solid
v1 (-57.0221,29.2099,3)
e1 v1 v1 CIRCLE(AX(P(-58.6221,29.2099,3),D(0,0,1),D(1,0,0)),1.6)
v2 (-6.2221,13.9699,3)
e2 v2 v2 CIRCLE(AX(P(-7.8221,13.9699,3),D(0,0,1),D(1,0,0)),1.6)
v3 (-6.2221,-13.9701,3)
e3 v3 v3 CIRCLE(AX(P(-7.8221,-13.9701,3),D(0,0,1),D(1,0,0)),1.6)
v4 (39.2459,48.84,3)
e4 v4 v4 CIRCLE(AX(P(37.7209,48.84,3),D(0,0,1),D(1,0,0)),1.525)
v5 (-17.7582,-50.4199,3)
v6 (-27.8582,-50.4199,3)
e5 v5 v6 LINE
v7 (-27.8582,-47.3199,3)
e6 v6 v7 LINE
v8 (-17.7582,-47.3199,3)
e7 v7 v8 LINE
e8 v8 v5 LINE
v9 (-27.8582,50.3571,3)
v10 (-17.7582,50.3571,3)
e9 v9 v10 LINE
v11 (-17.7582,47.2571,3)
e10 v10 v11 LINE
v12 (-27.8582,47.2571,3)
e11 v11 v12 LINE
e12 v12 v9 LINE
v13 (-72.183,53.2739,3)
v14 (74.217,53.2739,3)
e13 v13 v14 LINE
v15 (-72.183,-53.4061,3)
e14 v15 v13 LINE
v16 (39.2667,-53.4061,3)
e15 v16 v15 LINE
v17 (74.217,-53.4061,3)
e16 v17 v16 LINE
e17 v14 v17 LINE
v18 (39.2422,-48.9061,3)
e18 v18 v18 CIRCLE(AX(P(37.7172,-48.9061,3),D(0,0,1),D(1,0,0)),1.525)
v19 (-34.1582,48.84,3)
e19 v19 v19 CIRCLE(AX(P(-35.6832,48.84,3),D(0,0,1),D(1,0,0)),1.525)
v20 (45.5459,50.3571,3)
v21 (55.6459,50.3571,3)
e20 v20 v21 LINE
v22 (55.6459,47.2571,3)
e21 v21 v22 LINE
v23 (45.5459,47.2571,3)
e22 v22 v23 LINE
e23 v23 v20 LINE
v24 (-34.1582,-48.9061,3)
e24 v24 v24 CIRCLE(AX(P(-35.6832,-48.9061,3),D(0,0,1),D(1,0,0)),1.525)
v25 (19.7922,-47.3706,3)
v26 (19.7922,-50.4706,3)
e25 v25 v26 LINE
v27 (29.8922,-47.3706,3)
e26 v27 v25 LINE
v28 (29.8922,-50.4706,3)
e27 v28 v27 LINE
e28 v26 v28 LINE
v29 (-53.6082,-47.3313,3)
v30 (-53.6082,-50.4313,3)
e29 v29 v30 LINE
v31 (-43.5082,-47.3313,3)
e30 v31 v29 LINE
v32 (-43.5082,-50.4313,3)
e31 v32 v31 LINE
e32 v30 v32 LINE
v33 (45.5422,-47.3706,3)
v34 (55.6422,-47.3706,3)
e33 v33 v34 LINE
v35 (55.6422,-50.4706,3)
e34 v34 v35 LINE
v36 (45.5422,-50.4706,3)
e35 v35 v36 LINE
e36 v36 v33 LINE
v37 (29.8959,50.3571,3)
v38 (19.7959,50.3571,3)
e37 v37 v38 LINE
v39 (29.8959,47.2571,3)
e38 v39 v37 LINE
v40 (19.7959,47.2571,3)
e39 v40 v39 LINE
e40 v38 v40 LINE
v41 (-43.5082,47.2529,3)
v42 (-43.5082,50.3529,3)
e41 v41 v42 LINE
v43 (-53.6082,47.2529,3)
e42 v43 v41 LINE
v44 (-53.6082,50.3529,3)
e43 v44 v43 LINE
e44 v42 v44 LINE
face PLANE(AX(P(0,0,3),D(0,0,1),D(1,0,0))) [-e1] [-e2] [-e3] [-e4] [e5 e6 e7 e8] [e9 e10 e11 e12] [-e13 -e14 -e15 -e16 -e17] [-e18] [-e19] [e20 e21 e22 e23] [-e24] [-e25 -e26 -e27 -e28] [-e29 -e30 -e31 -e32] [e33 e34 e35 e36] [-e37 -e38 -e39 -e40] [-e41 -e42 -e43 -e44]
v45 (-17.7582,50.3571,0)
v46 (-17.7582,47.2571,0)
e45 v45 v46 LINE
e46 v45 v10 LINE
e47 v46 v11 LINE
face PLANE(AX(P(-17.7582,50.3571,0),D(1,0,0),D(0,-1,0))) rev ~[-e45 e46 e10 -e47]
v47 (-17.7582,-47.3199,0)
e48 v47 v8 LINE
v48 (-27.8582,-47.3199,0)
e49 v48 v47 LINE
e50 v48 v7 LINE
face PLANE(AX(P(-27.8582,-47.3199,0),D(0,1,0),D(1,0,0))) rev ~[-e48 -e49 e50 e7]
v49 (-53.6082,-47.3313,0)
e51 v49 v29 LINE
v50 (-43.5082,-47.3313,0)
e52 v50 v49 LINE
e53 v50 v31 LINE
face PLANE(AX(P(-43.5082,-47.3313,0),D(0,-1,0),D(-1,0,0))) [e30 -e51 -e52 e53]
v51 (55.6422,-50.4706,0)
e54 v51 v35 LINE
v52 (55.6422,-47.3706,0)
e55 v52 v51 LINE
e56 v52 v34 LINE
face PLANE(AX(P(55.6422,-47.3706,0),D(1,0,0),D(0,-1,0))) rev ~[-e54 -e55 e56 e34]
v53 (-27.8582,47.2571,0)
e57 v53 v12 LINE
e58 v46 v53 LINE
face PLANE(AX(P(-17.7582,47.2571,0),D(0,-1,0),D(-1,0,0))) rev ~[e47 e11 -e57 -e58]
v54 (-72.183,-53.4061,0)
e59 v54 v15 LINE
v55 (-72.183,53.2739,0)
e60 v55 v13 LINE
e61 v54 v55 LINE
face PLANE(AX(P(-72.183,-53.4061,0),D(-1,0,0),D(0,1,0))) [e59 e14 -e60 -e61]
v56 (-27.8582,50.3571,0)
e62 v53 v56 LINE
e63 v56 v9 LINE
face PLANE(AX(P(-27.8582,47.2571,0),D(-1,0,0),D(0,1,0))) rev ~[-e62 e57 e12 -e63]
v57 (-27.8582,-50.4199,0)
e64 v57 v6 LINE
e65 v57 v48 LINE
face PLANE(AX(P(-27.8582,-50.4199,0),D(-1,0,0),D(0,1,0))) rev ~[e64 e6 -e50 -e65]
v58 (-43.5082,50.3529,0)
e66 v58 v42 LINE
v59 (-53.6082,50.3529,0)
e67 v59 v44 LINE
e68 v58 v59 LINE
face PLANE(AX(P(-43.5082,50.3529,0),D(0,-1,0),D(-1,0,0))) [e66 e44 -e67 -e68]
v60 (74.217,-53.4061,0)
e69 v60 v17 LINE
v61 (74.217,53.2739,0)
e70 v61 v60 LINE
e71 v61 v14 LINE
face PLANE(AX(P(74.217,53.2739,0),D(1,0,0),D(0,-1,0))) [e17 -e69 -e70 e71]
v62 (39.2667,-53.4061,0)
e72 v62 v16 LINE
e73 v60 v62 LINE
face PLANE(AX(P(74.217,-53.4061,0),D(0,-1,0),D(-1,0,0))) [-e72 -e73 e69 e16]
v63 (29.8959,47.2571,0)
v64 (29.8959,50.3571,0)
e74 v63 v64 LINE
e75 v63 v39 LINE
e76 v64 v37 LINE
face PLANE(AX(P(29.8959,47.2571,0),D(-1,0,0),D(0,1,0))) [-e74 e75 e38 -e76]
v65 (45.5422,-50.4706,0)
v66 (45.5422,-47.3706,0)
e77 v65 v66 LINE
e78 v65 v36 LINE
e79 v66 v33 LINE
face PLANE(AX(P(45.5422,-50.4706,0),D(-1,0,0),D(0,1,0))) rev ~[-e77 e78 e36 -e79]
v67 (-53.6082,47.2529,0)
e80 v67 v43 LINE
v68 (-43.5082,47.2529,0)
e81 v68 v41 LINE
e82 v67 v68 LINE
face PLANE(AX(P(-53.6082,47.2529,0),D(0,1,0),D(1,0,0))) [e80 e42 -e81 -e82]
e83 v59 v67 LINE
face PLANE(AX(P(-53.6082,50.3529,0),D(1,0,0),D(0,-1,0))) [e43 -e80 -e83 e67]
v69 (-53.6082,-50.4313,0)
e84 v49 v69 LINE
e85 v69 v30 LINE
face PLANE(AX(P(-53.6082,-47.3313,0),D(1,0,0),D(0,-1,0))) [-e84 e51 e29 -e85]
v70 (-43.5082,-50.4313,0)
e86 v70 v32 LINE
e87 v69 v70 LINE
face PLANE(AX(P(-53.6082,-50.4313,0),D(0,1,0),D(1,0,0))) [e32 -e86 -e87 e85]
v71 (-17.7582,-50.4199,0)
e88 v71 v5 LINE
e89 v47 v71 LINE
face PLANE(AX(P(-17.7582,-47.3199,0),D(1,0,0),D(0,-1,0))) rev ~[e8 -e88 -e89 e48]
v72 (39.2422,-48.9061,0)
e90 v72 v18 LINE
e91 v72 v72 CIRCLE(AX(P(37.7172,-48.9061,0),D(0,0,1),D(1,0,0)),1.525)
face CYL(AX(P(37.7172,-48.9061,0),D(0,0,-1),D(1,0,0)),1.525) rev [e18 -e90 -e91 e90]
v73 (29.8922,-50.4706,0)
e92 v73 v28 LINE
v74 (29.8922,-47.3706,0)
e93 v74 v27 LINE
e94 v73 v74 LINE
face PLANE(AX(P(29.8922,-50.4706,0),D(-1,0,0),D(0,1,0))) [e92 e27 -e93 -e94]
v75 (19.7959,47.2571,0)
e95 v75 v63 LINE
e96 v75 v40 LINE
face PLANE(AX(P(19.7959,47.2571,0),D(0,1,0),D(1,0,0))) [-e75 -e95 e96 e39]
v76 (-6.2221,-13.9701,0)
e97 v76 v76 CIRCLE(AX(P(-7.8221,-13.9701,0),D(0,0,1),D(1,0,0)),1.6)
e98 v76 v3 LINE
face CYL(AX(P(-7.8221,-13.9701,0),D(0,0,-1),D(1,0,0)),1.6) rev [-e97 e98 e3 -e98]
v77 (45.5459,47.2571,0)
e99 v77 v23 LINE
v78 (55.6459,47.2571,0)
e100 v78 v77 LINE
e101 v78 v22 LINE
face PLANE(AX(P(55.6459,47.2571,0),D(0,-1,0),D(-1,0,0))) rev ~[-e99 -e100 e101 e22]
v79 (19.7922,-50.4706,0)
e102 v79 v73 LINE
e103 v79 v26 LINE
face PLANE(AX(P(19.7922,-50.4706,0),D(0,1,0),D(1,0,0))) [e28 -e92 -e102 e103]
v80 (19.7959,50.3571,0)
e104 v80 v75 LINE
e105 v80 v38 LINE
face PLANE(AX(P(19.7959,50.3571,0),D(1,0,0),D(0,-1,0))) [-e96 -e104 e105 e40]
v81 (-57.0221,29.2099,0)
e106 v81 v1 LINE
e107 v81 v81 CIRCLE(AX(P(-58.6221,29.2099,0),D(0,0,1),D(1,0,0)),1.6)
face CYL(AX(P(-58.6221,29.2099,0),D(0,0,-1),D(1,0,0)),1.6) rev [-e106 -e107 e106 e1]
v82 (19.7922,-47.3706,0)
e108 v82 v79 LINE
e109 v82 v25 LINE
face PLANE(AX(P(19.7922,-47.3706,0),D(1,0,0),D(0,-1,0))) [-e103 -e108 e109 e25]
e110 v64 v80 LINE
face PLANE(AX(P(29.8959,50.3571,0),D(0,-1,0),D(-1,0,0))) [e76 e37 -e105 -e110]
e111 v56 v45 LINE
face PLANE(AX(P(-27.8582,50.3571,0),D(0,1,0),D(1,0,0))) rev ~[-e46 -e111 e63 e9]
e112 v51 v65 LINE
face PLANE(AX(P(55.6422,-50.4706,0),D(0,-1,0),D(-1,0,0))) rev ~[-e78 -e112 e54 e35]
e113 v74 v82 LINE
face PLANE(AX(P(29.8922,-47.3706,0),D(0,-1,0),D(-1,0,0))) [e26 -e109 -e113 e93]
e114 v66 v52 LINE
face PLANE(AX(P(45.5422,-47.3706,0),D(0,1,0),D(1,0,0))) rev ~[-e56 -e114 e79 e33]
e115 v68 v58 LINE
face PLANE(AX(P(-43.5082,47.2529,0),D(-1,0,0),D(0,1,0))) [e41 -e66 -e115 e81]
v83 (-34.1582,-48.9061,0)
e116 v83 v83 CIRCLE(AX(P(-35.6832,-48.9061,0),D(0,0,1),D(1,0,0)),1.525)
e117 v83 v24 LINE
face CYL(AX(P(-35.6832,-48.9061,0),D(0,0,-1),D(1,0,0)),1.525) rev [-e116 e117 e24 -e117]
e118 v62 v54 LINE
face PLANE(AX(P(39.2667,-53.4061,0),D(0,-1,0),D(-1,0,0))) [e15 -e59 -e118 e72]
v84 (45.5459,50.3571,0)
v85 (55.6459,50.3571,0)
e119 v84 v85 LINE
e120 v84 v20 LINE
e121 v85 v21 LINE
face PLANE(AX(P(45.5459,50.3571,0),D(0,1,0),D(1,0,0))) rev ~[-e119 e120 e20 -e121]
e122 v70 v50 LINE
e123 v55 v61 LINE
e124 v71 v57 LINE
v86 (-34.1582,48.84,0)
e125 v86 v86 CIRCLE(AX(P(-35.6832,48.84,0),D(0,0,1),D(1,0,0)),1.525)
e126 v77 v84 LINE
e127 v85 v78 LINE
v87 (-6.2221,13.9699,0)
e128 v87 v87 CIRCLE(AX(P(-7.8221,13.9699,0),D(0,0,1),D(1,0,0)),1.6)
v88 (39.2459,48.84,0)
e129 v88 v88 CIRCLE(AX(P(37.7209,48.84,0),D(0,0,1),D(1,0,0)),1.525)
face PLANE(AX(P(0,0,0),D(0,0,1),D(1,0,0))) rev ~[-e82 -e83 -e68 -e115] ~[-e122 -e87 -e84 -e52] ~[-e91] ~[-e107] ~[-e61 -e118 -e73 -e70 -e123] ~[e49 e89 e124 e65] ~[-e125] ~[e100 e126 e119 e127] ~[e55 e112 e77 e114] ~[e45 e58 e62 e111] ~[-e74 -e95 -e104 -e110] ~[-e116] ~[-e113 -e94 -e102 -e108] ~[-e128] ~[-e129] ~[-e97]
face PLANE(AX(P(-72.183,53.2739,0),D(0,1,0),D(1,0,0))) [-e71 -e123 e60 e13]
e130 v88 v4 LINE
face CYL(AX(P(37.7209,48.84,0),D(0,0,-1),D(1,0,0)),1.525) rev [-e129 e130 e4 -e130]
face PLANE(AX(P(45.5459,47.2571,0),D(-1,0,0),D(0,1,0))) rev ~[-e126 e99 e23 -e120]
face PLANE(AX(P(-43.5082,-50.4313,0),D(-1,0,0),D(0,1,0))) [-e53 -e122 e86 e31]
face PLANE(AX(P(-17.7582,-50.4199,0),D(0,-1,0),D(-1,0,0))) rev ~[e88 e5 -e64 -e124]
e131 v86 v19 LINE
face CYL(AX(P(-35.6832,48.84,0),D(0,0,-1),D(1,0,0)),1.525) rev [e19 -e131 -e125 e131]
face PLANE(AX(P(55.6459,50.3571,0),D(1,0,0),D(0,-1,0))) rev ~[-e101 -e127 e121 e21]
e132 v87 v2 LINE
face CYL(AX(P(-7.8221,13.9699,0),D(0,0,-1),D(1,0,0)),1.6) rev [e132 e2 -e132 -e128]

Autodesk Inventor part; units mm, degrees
ref_plane "YZ Plane" through (0, 0, 0) normal (1, 0, 0) x (0, 1, 0)
ref_plane "XZ Plane" through (0, 0, 0) normal (0, 1, 0) x (-1, 0, 0)
ref_plane "XY Plane" through (0, 0, 0) normal (0, 0, 1) x (1, 0, 0)
sketch "Sketch1" plane through (0, 0, 0) normal (0, 0, 1) x (1, 0, 0)
  line L0 (74.217, 53.2739) -> (74.217, -53.4061)
  line L1 (-72.183, -53.4061) -> (-72.183, 53.2739)
  line L2 (36.8493, 53.2398) -> (36.8645, 53.2398)
  line L3 (74.217, -53.4061) -> (39.2667, -53.4061)
  circle A0 centre (-35.6832, 48.84) radius 1.525
  circle A1 centre (37.7209, 48.84) radius 1.525
  line L4 (39.2667, -53.4061) -> (-72.183, -53.4061)
  circle A2 centre (-35.6832, -48.9061) radius 1.525
  circle A3 centre (37.7172, -48.9061) radius 1.525
  circle A4 centre (-58.6221, 29.2099) radius 1.6
  circle A5 centre (-7.8221, 13.9699) radius 1.6
  circle A6 centre (-7.8221, -13.9701) radius 1.6
  line L5 (-43.5082, -47.3313) -> (-53.6082, -47.3313)
  line L6 (-53.6082, -47.3313) -> (-53.6082, -50.4313)
  line L7 (-53.6082, -50.4313) -> (-43.5082, -50.4313)
  line L8 (-43.5082, -50.4313) -> (-43.5082, -47.3313)
  line L9 (-27.8582, -47.3199) -> (-17.7582, -47.3199)
  line L10 (-17.7582, -47.3199) -> (-17.7582, -50.4199)
  line L11 (-17.7582, -50.4199) -> (-27.8582, -50.4199)
  line L12 (-27.8582, -50.4199) -> (-27.8582, -47.3199)
  line L13 (29.8922, -47.3706) -> (19.7922, -47.3706)
  line L14 (19.7922, -47.3706) -> (19.7922, -50.4706)
  line L15 (19.7922, -50.4706) -> (29.8922, -50.4706)
  line L16 (29.8922, -50.4706) -> (29.8922, -47.3706)
  line L17 (45.5422, -47.3706) -> (55.6422, -47.3706)
  line L18 (55.6422, -47.3706) -> (55.6422, -50.4706)
  line L19 (55.6422, -50.4706) -> (45.5422, -50.4706)
  line L20 (45.5422, -50.4706) -> (45.5422, -47.3706)
  line L21 (-72.183, 53.2739) -> (74.217, 53.2739)
  line L22 (45.5459, 50.3571) -> (55.6459, 50.3571)
  line L23 (55.6459, 50.3571) -> (55.6459, 47.2571)
  line L24 (55.6459, 47.2571) -> (45.5459, 47.2571)
  line L25 (45.5459, 47.2571) -> (45.5459, 50.3571)
  line L26 (29.8959, 50.3571) -> (19.7959, 50.3571)
  line L27 (19.7959, 50.3571) -> (19.7959, 47.2571)
  line L28 (19.7959, 47.2571) -> (29.8959, 47.2571)
  line L29 (29.8959, 47.2571) -> (29.8959, 50.3571)
  line L30 (-43.5082, 50.3529) -> (-53.6082, 50.3529)
  line L31 (-53.6082, 50.3529) -> (-53.6082, 47.2529)
  line L32 (-53.6082, 47.2529) -> (-43.5082, 47.2529)
  line L33 (-43.5082, 47.2529) -> (-43.5082, 50.3529)
  line L34 (-27.8582, 50.3571) -> (-17.7582, 50.3571)
  line L35 (-17.7582, 50.3571) -> (-17.7582, 47.2571)
  line L36 (-17.7582, 47.2571) -> (-27.8582, 47.2571)
  line L37 (-27.8582, 47.2571) -> (-27.8582, 50.3571)
  point P0 (0, 0)
  dimension "d0" = 146.4
  dimension "d1" = 106.68
  dimension "d43" = 3.05
  dimension "d47" = 3.05
  dimension "d48" = 36.4961
  dimension "d50" = 3.05
  dimension "d52" = 36.4998
  dimension "d53" = 3.05
  dimension "d54" = 36.4998
  dimension "d60" = 3.2
  dimension "d63" = 3.2
  dimension "d66" = 3.2
  dimension "d69" = 27.94
  dimension "d70" = 53.0368
  dimension "d73" = 10.1
  dimension "d74" = 3.1
  dimension "d76" = 10.1
  dimension "d77" = 3.1
  dimension "d79" = 10.1
  dimension "d80" = 3.1
  dimension "d81" = 10.1
  dimension "d82" = 3.1
  dimension "d85" = 10.1
  dimension "d86" = 3.1
  dimension "d87" = 10.1
  dimension "d88" = 3.1
  dimension "d91" = 10.1
  dimension "d92" = 3.1
  dimension "d93" = 10.1
  dimension "d94" = 3.1
  dimension "d99" = 6.3
  dimension "d100" = 6.3
  dimension "d101" = 6.3
  dimension "d102" = 6.3
  dimension "d103" = 6.3
  dimension "d104" = 6.3
  dimension "d105" = 6.3
  dimension "d106" = 6.3
  dimension "d107" = 2.9168
  dimension "d108" = 2.921
  dimension "d109" = 2.9168
  dimension "d110" = 2.9168
  dimension "d111" = 2.9355
  dimension "d112" = 2.9355
extrude "Extrusion4" add sketch "Sketch1" along normal blind 3
properties part number "Box Bottom"
